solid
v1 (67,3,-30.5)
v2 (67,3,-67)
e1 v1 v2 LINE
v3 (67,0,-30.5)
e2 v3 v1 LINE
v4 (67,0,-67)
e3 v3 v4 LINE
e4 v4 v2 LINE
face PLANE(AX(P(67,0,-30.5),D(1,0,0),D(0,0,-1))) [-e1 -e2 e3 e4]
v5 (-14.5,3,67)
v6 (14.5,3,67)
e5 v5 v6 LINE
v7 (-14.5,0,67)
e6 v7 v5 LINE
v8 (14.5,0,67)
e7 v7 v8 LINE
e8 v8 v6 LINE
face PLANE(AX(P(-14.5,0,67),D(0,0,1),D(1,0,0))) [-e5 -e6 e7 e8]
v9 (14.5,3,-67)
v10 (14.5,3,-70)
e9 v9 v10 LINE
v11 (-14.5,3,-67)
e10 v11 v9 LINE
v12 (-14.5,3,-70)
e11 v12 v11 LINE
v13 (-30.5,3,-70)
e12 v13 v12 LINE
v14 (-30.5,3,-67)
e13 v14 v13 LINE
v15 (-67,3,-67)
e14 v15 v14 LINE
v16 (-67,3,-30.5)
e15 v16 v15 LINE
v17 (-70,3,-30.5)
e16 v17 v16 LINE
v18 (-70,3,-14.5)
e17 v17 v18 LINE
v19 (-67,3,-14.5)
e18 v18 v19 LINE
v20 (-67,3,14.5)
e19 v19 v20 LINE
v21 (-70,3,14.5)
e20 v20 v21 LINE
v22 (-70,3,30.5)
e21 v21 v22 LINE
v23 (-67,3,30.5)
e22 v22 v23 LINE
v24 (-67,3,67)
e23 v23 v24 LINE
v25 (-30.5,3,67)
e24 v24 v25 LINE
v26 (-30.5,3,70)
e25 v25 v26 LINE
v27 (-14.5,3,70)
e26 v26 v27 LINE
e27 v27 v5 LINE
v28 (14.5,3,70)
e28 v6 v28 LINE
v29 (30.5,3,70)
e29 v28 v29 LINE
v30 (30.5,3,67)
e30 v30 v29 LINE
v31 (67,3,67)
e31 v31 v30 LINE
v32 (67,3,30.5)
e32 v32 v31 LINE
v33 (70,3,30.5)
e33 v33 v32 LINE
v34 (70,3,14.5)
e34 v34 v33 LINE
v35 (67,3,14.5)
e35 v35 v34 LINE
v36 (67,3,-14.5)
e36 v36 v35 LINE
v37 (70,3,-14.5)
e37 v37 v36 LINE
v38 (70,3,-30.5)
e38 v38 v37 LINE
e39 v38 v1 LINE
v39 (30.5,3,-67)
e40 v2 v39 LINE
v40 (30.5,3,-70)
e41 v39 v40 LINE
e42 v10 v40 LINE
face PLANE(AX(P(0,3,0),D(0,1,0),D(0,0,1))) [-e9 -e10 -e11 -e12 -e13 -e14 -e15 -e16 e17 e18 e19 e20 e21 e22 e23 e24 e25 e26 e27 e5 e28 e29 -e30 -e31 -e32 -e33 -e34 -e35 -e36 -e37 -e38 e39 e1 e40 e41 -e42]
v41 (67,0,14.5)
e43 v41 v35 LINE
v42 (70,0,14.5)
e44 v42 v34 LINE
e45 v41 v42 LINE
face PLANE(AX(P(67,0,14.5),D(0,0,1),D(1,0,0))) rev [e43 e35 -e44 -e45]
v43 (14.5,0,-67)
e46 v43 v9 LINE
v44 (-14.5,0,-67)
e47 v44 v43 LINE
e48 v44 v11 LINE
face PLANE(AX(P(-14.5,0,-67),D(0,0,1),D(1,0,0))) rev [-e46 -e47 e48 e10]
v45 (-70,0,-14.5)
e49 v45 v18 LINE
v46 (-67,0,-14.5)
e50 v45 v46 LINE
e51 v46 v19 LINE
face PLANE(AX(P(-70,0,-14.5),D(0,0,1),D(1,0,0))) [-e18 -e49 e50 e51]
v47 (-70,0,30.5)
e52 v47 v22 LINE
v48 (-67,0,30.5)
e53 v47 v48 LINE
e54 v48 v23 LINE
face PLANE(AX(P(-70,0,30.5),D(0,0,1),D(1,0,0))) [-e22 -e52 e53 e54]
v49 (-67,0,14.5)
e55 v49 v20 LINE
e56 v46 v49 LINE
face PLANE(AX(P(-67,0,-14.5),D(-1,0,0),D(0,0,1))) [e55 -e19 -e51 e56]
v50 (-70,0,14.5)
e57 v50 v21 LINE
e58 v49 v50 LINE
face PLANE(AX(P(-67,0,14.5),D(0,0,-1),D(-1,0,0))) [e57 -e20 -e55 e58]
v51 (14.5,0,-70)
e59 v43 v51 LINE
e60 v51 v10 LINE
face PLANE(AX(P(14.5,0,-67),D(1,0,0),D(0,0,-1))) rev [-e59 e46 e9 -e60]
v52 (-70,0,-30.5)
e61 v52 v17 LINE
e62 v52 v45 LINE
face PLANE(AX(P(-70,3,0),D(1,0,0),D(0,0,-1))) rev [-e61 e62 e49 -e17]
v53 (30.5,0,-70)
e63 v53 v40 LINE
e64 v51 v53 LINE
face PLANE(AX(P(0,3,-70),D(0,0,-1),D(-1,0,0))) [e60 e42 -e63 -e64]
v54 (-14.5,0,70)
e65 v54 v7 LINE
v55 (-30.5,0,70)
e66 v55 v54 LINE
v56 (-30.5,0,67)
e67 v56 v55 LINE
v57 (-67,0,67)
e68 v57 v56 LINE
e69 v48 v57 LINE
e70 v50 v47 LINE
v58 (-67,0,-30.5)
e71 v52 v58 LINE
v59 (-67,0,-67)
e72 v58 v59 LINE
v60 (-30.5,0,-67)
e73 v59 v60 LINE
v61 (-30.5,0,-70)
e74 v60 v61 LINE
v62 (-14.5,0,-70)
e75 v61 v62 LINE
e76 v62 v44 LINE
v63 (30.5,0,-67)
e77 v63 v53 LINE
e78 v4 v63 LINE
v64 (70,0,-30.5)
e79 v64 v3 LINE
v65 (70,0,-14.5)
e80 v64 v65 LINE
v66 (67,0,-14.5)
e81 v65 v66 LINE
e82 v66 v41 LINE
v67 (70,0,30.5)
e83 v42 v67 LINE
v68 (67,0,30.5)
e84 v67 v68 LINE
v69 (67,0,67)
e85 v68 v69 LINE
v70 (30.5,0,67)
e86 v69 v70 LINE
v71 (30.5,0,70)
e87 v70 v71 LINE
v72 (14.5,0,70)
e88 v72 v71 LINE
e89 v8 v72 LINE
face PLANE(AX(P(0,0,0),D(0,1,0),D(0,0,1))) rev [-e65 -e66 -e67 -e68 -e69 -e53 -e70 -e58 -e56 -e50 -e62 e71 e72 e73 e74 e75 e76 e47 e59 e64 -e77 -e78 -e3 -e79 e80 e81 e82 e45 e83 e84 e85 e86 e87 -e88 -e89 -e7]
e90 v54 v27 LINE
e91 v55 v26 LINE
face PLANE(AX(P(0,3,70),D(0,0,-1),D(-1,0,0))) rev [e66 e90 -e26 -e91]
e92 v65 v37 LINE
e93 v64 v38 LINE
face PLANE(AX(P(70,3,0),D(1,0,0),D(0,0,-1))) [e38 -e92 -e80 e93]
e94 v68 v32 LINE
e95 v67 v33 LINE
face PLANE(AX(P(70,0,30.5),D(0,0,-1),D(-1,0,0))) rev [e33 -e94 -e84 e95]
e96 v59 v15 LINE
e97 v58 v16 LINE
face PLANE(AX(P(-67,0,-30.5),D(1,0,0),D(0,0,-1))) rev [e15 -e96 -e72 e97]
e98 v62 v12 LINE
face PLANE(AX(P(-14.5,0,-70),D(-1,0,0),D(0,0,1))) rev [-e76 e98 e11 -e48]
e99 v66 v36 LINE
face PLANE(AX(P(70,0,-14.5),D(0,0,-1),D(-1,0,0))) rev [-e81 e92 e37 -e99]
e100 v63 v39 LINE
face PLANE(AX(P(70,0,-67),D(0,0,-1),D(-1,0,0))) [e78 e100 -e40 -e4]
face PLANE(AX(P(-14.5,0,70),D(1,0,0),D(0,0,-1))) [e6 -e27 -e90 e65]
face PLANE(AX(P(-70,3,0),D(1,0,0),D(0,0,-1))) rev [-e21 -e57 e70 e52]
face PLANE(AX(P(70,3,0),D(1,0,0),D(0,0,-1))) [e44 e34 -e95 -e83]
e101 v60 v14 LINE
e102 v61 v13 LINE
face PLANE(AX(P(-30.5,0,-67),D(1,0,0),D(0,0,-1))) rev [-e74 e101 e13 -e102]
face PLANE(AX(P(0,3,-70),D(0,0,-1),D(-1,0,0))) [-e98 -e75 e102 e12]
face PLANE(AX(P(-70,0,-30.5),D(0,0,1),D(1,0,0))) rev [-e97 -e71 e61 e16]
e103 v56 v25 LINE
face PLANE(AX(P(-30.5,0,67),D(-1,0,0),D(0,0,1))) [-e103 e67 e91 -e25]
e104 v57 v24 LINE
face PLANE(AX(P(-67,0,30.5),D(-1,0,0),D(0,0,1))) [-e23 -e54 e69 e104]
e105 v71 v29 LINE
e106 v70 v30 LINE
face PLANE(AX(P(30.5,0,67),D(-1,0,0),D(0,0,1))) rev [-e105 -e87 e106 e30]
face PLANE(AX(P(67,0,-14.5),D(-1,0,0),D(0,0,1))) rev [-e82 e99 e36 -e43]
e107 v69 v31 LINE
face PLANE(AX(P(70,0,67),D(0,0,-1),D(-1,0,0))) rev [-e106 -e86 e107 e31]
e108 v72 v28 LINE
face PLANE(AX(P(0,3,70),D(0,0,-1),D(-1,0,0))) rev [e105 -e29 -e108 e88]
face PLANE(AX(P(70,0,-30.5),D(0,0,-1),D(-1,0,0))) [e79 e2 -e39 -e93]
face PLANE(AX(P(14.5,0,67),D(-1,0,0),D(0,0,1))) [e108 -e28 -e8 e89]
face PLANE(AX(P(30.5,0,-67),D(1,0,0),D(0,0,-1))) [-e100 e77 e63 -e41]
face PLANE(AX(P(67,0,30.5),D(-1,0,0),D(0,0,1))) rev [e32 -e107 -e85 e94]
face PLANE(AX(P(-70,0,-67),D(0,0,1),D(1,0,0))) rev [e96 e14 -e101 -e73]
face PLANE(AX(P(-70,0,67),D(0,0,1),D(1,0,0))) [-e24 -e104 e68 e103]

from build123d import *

# Parameters (mm, degrees)
BOSS_EXTRUDE1_DEPTH = 3
SKETCH2_W           = 3
SKETCH2_H           = 3
SKETCH2_H_2         = 36.5
SKETCH2_W_2         = 36.5
SKETCH2_W_3         = 29
SKETCH2_H_3         = 29
CUT_EXTRUDE2_DEPTH  = 3


with BuildPart() as part:
    # Sketch1 → Boss-Extrude1 (new body)
    with BuildSketch(Plane(origin=(0, 0, 0), x_dir=(1, 0, 0), z_dir=(0, 1, 0))):
        Polygon((70, 70), (-70, 70), (0, 0), align=None)
        Polygon((0, 0), (-70, 70), (-70, -70), align=None)
        Polygon((70, -70), (0, 0), (-70, -70), align=None)
        Polygon((70, 70), (0, 0), (70, -70), align=None)
    extrude(amount=BOSS_EXTRUDE1_DEPTH)

    # Sketch2 → Cut-Extrude2 (cut)
    with BuildSketch(Plane(origin=(0, 3, 0), x_dir=(1, 0, 0), z_dir=(0, 1, 0))):
        with Locations((-68.5, 68.5)):
            Rectangle(SKETCH2_W, SKETCH2_H)
        with Locations((-68.5, 48.75)):
            Rectangle(SKETCH2_W, SKETCH2_H_2)
        with Locations((-48.75, 68.5)):
            Rectangle(SKETCH2_W_2, SKETCH2_H)
        with Locations((48.75, 68.5)):
            Rectangle(SKETCH2_W_2, SKETCH2_H)
        with Locations((68.5, 68.5)):
            Rectangle(SKETCH2_W, SKETCH2_H)
        with Locations((68.5, 48.75)):
            Rectangle(SKETCH2_W, SKETCH2_H_2)
        with Locations((68.5, -68.5)):
            Rectangle(SKETCH2_W, SKETCH2_H)
        with Locations((68.5, -48.75)):
            Rectangle(SKETCH2_W, SKETCH2_H_2)
        with Locations((48.75, -68.5)):
            Rectangle(SKETCH2_W_2, SKETCH2_H)
        with Locations((-48.75, -68.5)):
            Rectangle(SKETCH2_W_2, SKETCH2_H)
        with Locations((-68.5, -68.5)):
            Rectangle(SKETCH2_W, SKETCH2_H)
        with Locations((-68.5, -48.75)):
            Rectangle(SKETCH2_W, SKETCH2_H_2)
        with Locations((0, 68.5)):
            Rectangle(SKETCH2_W_3, SKETCH2_H)
        with Locations((0, -68.5)):
            Rectangle(SKETCH2_W_3, SKETCH2_H)
        with Locations((68.5, 0)):
            Rectangle(SKETCH2_W, SKETCH2_H_3)
        with Locations((-68.5, 0)):
            Rectangle(SKETCH2_W, SKETCH2_H_3)
    extrude(amount=-CUT_EXTRUDE2_DEPTH, mode=Mode.SUBTRACT)


solid = part.part
